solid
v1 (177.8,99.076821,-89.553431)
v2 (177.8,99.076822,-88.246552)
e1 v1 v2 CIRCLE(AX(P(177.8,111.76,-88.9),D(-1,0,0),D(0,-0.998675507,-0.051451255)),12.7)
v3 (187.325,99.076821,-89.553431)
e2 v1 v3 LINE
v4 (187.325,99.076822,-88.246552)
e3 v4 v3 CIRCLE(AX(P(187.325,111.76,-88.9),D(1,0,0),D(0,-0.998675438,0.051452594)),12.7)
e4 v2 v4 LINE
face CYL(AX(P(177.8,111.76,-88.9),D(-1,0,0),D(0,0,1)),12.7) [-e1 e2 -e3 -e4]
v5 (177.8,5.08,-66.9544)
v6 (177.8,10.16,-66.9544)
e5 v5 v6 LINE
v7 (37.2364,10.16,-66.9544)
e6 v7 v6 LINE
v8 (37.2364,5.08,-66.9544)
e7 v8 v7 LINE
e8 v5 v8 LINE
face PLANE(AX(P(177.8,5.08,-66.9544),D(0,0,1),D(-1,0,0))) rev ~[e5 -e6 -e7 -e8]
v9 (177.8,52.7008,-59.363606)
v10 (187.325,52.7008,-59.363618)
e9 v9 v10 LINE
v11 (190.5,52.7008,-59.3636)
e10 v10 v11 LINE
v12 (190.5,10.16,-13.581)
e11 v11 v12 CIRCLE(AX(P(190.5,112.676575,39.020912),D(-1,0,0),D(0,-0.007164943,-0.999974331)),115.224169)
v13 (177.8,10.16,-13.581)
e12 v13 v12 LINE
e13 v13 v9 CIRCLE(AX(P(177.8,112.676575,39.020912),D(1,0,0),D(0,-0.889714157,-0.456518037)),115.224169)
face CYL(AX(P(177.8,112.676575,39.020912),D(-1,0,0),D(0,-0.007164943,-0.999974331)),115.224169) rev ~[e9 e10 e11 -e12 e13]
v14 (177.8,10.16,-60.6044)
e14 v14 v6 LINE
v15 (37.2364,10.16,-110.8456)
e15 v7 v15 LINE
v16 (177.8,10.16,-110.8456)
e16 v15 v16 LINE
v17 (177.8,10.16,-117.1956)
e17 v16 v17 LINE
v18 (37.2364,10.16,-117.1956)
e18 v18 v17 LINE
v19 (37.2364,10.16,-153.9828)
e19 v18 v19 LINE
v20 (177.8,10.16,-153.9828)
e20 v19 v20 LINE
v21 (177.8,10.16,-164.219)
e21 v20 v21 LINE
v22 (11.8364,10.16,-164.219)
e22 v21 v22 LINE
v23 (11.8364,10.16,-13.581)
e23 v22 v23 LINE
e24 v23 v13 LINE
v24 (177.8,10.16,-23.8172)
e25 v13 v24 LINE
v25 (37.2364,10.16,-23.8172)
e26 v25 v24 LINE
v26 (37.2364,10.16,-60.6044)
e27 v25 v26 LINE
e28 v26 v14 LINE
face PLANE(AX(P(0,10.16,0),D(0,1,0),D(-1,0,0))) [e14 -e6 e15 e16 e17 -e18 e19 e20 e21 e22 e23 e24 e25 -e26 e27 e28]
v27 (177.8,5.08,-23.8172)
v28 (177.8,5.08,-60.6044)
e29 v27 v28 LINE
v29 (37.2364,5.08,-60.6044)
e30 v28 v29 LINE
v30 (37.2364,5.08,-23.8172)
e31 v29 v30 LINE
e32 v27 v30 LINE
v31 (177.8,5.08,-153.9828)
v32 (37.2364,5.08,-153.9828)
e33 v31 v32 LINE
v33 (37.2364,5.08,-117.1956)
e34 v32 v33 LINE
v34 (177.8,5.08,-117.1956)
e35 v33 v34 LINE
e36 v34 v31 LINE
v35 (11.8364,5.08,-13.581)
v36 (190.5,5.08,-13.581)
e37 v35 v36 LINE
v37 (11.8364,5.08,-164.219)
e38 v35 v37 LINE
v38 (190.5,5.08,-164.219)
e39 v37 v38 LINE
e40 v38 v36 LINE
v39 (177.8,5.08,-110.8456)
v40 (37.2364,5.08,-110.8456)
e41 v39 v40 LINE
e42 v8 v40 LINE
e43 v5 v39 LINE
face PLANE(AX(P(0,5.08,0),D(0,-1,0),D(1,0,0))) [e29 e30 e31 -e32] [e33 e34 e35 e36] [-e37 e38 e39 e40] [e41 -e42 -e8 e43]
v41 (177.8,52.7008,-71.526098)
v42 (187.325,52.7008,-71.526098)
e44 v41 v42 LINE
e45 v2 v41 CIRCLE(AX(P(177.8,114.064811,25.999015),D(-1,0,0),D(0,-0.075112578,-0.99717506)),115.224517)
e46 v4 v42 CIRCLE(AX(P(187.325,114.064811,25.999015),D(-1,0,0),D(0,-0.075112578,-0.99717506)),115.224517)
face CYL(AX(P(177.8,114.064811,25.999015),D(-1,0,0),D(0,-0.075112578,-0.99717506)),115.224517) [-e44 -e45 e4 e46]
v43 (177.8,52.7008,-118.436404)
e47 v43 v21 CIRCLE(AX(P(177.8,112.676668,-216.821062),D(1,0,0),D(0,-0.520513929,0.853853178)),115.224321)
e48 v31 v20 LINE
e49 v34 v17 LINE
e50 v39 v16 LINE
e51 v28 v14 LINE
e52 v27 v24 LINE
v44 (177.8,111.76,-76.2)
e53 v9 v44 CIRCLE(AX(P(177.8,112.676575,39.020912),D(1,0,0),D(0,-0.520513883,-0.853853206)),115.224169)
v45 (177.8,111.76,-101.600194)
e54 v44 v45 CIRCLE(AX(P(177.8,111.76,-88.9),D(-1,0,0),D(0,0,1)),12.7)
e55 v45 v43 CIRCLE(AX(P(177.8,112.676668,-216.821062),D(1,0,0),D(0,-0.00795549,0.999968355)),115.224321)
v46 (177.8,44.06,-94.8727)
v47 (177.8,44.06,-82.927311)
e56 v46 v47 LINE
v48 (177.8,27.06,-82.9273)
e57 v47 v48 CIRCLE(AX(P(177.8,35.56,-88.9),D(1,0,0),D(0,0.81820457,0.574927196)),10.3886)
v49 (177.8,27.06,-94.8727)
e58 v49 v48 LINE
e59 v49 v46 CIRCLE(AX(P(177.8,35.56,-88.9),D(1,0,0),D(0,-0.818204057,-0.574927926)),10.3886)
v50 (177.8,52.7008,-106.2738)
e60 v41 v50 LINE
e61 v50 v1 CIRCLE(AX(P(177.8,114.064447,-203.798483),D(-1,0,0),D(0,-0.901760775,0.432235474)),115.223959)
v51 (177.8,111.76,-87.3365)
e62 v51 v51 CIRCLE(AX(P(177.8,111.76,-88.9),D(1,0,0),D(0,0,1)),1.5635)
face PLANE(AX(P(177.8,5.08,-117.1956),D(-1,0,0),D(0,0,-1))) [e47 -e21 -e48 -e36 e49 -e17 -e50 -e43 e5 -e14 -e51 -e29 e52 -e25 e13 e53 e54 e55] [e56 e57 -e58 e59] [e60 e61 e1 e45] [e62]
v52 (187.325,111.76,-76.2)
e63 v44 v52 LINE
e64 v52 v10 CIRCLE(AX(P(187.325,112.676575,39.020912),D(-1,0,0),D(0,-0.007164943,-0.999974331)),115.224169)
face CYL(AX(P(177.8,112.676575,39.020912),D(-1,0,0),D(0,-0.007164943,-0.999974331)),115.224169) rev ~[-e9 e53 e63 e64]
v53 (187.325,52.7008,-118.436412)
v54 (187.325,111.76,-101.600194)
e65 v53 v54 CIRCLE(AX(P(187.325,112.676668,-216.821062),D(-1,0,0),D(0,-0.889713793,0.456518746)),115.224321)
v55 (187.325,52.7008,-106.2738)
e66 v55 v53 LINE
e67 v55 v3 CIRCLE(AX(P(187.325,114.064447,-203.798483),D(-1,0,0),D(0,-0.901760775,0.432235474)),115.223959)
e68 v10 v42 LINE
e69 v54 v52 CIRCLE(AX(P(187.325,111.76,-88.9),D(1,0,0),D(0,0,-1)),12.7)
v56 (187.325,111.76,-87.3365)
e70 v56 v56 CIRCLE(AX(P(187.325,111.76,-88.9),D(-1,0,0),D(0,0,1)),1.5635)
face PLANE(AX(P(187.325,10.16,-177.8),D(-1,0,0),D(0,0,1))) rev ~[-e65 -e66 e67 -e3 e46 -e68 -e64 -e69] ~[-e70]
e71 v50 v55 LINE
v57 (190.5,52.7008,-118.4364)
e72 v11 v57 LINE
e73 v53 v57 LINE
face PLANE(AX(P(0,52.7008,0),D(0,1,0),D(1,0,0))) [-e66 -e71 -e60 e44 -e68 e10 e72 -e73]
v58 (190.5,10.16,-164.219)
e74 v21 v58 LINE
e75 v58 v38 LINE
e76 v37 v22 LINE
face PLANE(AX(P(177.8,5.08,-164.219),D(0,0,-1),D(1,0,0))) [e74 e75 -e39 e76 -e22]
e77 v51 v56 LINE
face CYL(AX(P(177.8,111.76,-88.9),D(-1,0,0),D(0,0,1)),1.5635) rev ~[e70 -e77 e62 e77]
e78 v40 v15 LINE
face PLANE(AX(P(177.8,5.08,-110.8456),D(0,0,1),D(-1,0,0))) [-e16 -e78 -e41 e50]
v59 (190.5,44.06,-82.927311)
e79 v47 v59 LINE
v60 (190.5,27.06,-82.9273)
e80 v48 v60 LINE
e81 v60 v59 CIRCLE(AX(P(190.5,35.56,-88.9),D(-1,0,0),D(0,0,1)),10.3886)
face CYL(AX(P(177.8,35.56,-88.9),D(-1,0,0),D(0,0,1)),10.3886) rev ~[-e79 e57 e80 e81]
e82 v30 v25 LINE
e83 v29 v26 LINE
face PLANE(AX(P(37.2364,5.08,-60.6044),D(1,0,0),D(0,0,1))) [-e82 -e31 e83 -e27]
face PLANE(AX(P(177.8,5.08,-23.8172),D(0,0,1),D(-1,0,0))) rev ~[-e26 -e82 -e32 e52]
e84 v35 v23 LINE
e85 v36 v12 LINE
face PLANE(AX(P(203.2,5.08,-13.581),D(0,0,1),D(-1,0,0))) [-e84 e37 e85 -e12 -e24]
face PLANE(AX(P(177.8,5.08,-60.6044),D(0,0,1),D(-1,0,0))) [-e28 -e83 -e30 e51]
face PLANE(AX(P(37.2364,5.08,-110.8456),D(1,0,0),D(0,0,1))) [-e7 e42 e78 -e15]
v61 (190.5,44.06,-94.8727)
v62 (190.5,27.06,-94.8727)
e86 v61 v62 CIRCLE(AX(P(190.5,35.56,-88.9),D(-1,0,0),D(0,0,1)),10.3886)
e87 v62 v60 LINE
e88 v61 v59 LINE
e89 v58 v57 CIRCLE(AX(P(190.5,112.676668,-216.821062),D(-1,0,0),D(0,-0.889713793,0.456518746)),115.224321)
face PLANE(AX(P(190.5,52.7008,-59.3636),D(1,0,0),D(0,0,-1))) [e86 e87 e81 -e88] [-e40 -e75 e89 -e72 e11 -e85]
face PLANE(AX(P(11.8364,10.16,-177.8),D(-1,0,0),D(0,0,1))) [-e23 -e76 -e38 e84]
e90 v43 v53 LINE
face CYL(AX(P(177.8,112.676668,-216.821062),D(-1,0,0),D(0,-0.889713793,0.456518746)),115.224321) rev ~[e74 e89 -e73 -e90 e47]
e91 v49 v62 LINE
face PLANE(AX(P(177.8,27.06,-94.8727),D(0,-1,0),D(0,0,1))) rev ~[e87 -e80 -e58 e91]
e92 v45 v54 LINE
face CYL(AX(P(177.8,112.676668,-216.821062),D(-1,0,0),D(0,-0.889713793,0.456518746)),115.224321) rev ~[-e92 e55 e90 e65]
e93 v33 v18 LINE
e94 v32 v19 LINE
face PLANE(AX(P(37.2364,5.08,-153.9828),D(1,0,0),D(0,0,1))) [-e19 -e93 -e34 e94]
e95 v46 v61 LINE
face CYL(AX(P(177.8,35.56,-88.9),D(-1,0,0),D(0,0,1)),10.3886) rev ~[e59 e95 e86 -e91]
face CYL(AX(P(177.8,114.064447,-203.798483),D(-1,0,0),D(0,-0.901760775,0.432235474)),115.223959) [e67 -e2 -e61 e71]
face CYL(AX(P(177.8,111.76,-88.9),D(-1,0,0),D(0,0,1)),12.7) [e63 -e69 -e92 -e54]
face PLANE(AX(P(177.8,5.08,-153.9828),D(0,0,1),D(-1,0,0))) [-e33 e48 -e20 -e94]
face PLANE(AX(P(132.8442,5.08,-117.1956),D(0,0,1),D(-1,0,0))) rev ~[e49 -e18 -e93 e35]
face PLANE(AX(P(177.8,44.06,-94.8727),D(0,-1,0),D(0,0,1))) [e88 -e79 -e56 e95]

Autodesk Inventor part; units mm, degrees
ref_plane "YZ Plane" through (0, 0, 0) normal (1, 0, 0) x (0, 1, 0)
ref_plane "XZ Plane" through (0, 0, 0) normal (0, 1, 0) x (-1, 0, 0)
sketch "Sketch1" plane through (0, 0, 0) normal (0, 1, 0) x (-1, 0, 0)
  line L0 (0, 0) -> (-203.2, 0)
  line L1 (-203.2, 0) -> (-203.2, -177.8)
  line L2 (-203.2, -177.8) -> (0, -177.8)
  line L3 (0, -177.8) -> (0, 0)
  dimension "d0" = 203.2
  dimension "d1" = 177.8
extrude "Extrusion1" add sketch "Sketch1" along normal blind 10.16
sketch "Sketch2" plane through (0, 10.16, 0) normal (0, 1, 0) x (1, 0, 0)
  line L0 (203.2, 0) -> (203.2, 177.8) projected
  line L1 (203.2, 0) -> (177.8, 0)
  line L2 (177.8, 0) -> (177.8, 177.8)
  line L3 (177.8, 177.8) -> (203.2, 177.8)
  line L4 (203.2, 177.8) -> (203.2, 0)
  point P0 (0, 0)
  dimension "d4" = 25.4
extrude "Extrusion2" add sketch "Sketch2" along normal blind 42.5408
sketch "Sketch3" plane through (177.8, 10.16, -177.8) normal (-1, 0, 0) x (0, 0, 1)
  circle A0 centre (88.9, 25.4) radius 10.3886
  line L0 (81.407, 32.5957) -> (96.393, 32.5957)
  line L1 (81.5172, 18.0912) -> (96.2828, 18.0912)
  line L2 (0, 0) -> (177.8, 0) projected
  line L3 (82.9273, 33.9) -> (94.8727, 33.9)
  line L4 (82.9273, 16.9) -> (94.8727, 16.9)
  point P0 (177.8, -10.16)
  point P1 (88.9, -101.6)
  point P2 (88.8996, -101.6)
  point P3 (100.9466, -114.2832)
  point P4 (102.2534, -114.2832)
  point P5 (114.3004, -101.6)
  point P6 (114.3, -101.6)
  point P7 (159.1068, 0)
  point P8 (88.9, -76.6381)
  point P9 (114.2997, -101.509)
  point P10 (18.6932, 0)
  dimension "d7" = 20.7772
  dimension "d9" = 14.986
  dimension "d45" = 25.4
  dimension "d58" = 8.5
  dimension "d59" = 8.5
extrude "Extrusion3" cut sketch "Sketch3" against normal blind 50.8 contours A0 L1 L0
sketch "Sketch5" plane through (177.8, 10.16, -177.8) normal (-1, 0, 0) x (0, 0, 1)
  line L0 (-12.7, 203.2) -> (190.5, 203.2)
  line L1 (190.5, 203.2) -> (190.5, 0)
  line L2 (-12.7, 0) -> (-12.7, 203.2)
  line L3 (-12.7, 101.6) -> (190.5, 101.6)
  circle A0 centre (88.9, 101.6) radius 1.5635
  circle A1 centre (88.9, 101.6) radius 12.7
  arc A2 (13.581, 0) -> (76.2003, 101.691) centre (-39.021, 102.5166) ccw
  arc A3 (23.8054, 0) -> (88.9, 95.25) centre (-25.9987, 103.9047) ccw
  line L4 (88.9, -246.9942) -> (88.9, 203.2)
  arc A4 (101.5997, 101.691) -> (164.219, 0) centre (216.821, 102.5166) ccw
  arc A5 (88.9, 95.25) -> (153.9946, 0) centre (203.7987, 103.9047) ccw
  line L5 (153.9946, 0) -> (164.219, 0)
  line L6 (13.581, 0) -> (23.8054, 0)
  line L7 (-12.7, 0) -> (190.5, 0)
  line L8 (177.8, 0) -> (0, 0) projected
  line L9 (177.8, 42.5408) -> (0, 42.5408) projected
  line L10 (88.9, 42.5408) -> (88.9, 0)
  line L11 (0, 0) -> (177.8, 0) projected
  line L12 (13.581, 0) -> (-12.7, 0)
  line L13 (164.219, 0) -> (190.5, 0)
  point P0 (177.8, -10.16)
  point P1 (88.9, -101.6)
  point P2 (88.8996, -101.6)
  point P3 (100.9466, -114.2832)
  point P4 (102.2534, -114.2832)
  point P5 (114.3004, -101.6)
  point P6 (114.3, -101.6)
  point P7 (159.1068, 0)
  point P8 (88.9, -21.8971)
  point P9 (114.2997, -101.509)
  point P10 (88.9, 0)
  point P11 (76.2, 101.6)
  point P12 (76.1996, 101.6)
  point P13 (59.3636, 42.5408)
  point P14 (71.5262, 42.5408)
  point P15 (88.2466, 88.9168)
  point P16 (89.5534, 88.9168)
  point P17 (106.2738, 42.5408)
  point P18 (118.4364, 42.5408)
  point P19 (101.6004, 101.6)
  point P20 (101.6, 101.6)
  dimension "d34" = 25.4
  dimension "d31" = 203.2
  dimension "d32" = 203.2
  dimension "d33" = 3.127
  dimension "d35" = 115.2242
  dimension "d36" = 115.2242
  dimension "d37" = 26.281
  dimension "d38" = 6.35
  dimension "d39" = 101.6
  dimension "d40" = 10.2243
extrude "Extrusion4" add sketch "Sketch5" against normal blind 9.525 contours L4 A0 L3 A1 | A1 L3 A0 L4 | L3 A0 L4 A3 A1 | A1 A3 L9 A2 | A3 L4 A1 | A1 A5 L4 A0 L3 | A4 L9 A5 A1 | L4 A5 A1
sketch "Sketch6" plane through (177.8, 10.16, -177.8) normal (-1, 0, 0) x (0, 0, 1)
  arc A0 (13.581, 0) -> (76.2003, 101.691) centre (-39.021, 102.5166) ccw projected
  arc A1 (101.5997, 101.691) -> (164.219, 0) centre (216.821, 102.5166) ccw projected
  line L0 (177.8, 0) -> (177.8, 42.5408) projected
  line L1 (0, 0) -> (177.8, 0) projected
  line L2 (177.8, 42.5408) -> (0, 42.5408) projected
  line L3 (0, 0) -> (0, 42.5408) projected
  arc A2 (13.581, 0) -> (59.3636, 42.5408) centre (-39.021, 102.5166) ccw
  arc A3 (101.6004, 101.6) -> (118.4364, 42.5408) centre (216.821, 102.5166) ccw projected
  arc A4 (118.4364, 42.5408) -> (164.219, 0) centre (216.821, 102.5166) ccw
  line L4 (0, 42.5408) -> (59.3636, 42.5408) projected
  line L5 (59.3636, 42.5408) -> (0, 42.5408)
  line L6 (0, 42.5408) -> (0, 0)
  line L7 (177.8, 0) -> (0, 0) projected
  line L8 (0, 0) -> (13.581, 0)
  line L9 (164.219, 0) -> (177.8, 0)
  line L10 (177.8, 0) -> (177.8, 42.5408)
  line L11 (118.4364, 42.5408) -> (177.8, 42.5408) projected
  line L12 (118.4364, 42.5408) -> (177.8, 42.5408)
  point P0 (177.8, -10.16)
  point P1 (118.4364, 42.5408)
  point P2 (59.3636, 42.5408)
extrude "Extrusion5" cut sketch "Sketch6" against normal blind 50.8 contours L1 L3 L2 A0 | A1 L2 L0 L1
sketch "Sketch7" plane through (0, 0, 0) normal (0, -1, 0) x (1, 0, 0)
  line L0 (203.2, 0) -> (203.2, -177.8) projected
  line L1 (0, 0) -> (203.2, 0)
  line L2 (203.2, 0) -> (203.2, -177.8)
  line L3 (203.2, -177.8) -> (0, -177.8)
  line L4 (0, -177.8) -> (0, 0)
extrude "Extrusion6" cut sketch "Sketch7" against normal blind 5.08
sketch "Sketch8" plane through (0, 10.16, -177.8) normal (-1, 0, 0) x (0, 0, 1)
  line L0 (0, -5.08) -> (0, 0) projected
  line L1 (0, 0) -> (177.8, 0)
  line L2 (177.8, 0) -> (177.8, -5.08)
  line L3 (177.8, -5.08) -> (0, -5.08)
  line L4 (0, -5.08) -> (0, 0)
  point P0 (177.8, -10.16)
extrude "Extrusion7" cut sketch "Sketch8" against normal blind 11.8364
ref_plane "Work Plane1" through (177.8, 10.16, -88.9) normal (0, 0, 1) x (1, 0, 0)
sketch "Sketch9" plane through (0, 5.08, 0) normal (0, -1, 0) x (1, 0, 0)
  line L0 (177.8, -177.8) -> (11.8364, -177.8) projected
  line L1 (203.2, 0) -> (11.8364, 0)
  line L2 (11.8364, 0) -> (11.8364, -177.8)
  line L3 (11.8364, -177.8) -> (203.2, -177.8)
  line L4 (203.2, -177.8) -> (203.2, 0)
  line L5 (177.8, -177.8) -> (203.2, -177.8) projected
  line L6 (180.173, -177.8) -> (180.173, -117.1956)
  line L7 (203.2, -59.3636) -> (203.2, -118.4364) projected
  line L8 (203.2, -117.1956) -> (11.8364, -117.1956)
  line L9 (11.8364, -177.8) -> (11.8364, 0) projected
  line L10 (155.6362, -177.8) -> (155.6362, -164.211)
  line L11 (177.8, -164.219) -> (203.2, -164.219) projected
  line L12 (203.2, -164.219) -> (11.8364, -164.219)
  line L13 (102.4836, -164.219) -> (102.4836, -153.9828)
  line L14 (203.2, 0) -> (203.2, -177.8) projected
  line L15 (203.2, -153.9828) -> (11.8364, -153.9828)
  line L16 (132.8442, -117.1956) -> (132.8442, -110.8456)
  line L17 (203.2, -110.8456) -> (11.8364, -110.8456)
  line L18 (332.5893, -177.8) -> (332.5893, 0)
  line L19 (203.2, -96.2828) -> (203.2, -81.5172) projected
  line L20 (203.2, -88.9) -> (11.8364, -88.9)
  line L21 (203.2, -60.6044) -> (11.8364, -60.6044)
  line L22 (203.2, -13.581) -> (11.8364, -13.581)
  line L23 (203.2, -23.8172) -> (11.8364, -23.8172)
  line L24 (203.2, -66.9544) -> (11.8364, -66.9544)
  line L25 (177.8, 0) -> (177.8, -177.8) projected
  line L26 (177.8, 0) -> (177.8, -177.8)
  line L27 (11.8364, -201.1873) -> (37.2364, -201.1873)
  line L28 (37.2364, -177.8) -> (37.2364, 0)
  line L29 (11.8364, 0) -> (177.8, 0) projected
  point P0 (0, 0)
  point P1 (37.2364, -164.219)
  point P2 (37.2364, -117.1956)
  point P3 (37.2364, -153.9828)
  point P4 (177.8, -153.9828)
  point P5 (177.8, -117.1956)
  point P6 (37.2364, -66.9544)
  point P7 (37.2364, -110.8456)
  point P8 (177.8, -110.8456)
  point P9 (177.8, -66.9544)
  point P10 (37.2364, -23.8172)
  point P11 (37.2364, -60.6044)
  point P12 (177.8, -60.6044)
  point P13 (177.8, -23.8172)
  point P14 (37.2364, 0)
  point P15 (37.2364, -13.581)
  point P16 (177.8, -13.581)
  point P17 (11.8364, -13.581)
  point P18 (11.8364, -164.219)
  point P19 (180.173, -164.219)
  dimension "d51" = 60.6044
  dimension "d52" = 13.589
  dimension "d53" = 10.2362
  dimension "d54" = 6.35
  dimension "d55" = 25.4
extrude "Extrusion8" cut sketch "Sketch9" against normal through all contours L25 L11 L6 L3 | L0 L10 L12 L25 | L0 L28 L12 L10 | L6 L11 L4 L3 | L0 L2 L12 L28 | L15 L28 L8 L25 | L17 L28 L20 L25 | L20 L28 L24 L25 | L21 L28 L23 L25 | L25 L1 L4 L22 | L22 L28 L1 L25 | L22 L2 L1 L28
sketch "Sketch10" plane through (177.8, 111.76, -88.9) normal (-1, 0, 0) x (0, 0, 1)
  arc A0 (7.3828, -83.5088) -> (7.493, -69.0043) centre (0, -76.2) ccw projected
  circle A1 centre (0, -76.2) radius 10.3886
  line L0 (-16.5091, -76.2) -> (-16.5091, -84.7)
  line L1 (-5.9727, -84.7) -> (5.9727, -84.7)
  line L2 (-16.5091, -76.2) -> (-16.5091, -67.7)
  line L3 (-5.9727, -67.7) -> (10.3883, -67.7)
  line L4 (-7.493, -69.0043) -> (7.493, -69.0043) projected
  point P0 (88.9, -111.76)
  point P1 (7.493, -69.0043)
  point P2 (5.9727, -67.7)
  point P3 (7.3828, -83.5088)
  dimension "d62" = 8.5
  dimension "d63" = 8.5
extrude "Extrusion9" cut sketch "Sketch10" against normal through all contours A1 L1 L4 A0 | L4 A1 L3
sketch "Sketch11" plane through (203.2, 52.7008, -59.3636) normal (1, 0, 0) x (0, 0, -1)
  line L0 (-65.6844, 19.5873) -> (128.5678, 19.5873)
  line L1 (128.5678, 19.5873) -> (128.5678, -67.3009)
  line L2 (128.5678, -67.3009) -> (-65.6844, -67.3009)
  line L3 (-65.6844, -67.3009) -> (-65.6844, 19.5873)
  point P0 (-59.3636, -52.7008)
extrude "Extrusion10" cut sketch "Sketch11" against normal blind 12.7
properties part number "base plate main"
